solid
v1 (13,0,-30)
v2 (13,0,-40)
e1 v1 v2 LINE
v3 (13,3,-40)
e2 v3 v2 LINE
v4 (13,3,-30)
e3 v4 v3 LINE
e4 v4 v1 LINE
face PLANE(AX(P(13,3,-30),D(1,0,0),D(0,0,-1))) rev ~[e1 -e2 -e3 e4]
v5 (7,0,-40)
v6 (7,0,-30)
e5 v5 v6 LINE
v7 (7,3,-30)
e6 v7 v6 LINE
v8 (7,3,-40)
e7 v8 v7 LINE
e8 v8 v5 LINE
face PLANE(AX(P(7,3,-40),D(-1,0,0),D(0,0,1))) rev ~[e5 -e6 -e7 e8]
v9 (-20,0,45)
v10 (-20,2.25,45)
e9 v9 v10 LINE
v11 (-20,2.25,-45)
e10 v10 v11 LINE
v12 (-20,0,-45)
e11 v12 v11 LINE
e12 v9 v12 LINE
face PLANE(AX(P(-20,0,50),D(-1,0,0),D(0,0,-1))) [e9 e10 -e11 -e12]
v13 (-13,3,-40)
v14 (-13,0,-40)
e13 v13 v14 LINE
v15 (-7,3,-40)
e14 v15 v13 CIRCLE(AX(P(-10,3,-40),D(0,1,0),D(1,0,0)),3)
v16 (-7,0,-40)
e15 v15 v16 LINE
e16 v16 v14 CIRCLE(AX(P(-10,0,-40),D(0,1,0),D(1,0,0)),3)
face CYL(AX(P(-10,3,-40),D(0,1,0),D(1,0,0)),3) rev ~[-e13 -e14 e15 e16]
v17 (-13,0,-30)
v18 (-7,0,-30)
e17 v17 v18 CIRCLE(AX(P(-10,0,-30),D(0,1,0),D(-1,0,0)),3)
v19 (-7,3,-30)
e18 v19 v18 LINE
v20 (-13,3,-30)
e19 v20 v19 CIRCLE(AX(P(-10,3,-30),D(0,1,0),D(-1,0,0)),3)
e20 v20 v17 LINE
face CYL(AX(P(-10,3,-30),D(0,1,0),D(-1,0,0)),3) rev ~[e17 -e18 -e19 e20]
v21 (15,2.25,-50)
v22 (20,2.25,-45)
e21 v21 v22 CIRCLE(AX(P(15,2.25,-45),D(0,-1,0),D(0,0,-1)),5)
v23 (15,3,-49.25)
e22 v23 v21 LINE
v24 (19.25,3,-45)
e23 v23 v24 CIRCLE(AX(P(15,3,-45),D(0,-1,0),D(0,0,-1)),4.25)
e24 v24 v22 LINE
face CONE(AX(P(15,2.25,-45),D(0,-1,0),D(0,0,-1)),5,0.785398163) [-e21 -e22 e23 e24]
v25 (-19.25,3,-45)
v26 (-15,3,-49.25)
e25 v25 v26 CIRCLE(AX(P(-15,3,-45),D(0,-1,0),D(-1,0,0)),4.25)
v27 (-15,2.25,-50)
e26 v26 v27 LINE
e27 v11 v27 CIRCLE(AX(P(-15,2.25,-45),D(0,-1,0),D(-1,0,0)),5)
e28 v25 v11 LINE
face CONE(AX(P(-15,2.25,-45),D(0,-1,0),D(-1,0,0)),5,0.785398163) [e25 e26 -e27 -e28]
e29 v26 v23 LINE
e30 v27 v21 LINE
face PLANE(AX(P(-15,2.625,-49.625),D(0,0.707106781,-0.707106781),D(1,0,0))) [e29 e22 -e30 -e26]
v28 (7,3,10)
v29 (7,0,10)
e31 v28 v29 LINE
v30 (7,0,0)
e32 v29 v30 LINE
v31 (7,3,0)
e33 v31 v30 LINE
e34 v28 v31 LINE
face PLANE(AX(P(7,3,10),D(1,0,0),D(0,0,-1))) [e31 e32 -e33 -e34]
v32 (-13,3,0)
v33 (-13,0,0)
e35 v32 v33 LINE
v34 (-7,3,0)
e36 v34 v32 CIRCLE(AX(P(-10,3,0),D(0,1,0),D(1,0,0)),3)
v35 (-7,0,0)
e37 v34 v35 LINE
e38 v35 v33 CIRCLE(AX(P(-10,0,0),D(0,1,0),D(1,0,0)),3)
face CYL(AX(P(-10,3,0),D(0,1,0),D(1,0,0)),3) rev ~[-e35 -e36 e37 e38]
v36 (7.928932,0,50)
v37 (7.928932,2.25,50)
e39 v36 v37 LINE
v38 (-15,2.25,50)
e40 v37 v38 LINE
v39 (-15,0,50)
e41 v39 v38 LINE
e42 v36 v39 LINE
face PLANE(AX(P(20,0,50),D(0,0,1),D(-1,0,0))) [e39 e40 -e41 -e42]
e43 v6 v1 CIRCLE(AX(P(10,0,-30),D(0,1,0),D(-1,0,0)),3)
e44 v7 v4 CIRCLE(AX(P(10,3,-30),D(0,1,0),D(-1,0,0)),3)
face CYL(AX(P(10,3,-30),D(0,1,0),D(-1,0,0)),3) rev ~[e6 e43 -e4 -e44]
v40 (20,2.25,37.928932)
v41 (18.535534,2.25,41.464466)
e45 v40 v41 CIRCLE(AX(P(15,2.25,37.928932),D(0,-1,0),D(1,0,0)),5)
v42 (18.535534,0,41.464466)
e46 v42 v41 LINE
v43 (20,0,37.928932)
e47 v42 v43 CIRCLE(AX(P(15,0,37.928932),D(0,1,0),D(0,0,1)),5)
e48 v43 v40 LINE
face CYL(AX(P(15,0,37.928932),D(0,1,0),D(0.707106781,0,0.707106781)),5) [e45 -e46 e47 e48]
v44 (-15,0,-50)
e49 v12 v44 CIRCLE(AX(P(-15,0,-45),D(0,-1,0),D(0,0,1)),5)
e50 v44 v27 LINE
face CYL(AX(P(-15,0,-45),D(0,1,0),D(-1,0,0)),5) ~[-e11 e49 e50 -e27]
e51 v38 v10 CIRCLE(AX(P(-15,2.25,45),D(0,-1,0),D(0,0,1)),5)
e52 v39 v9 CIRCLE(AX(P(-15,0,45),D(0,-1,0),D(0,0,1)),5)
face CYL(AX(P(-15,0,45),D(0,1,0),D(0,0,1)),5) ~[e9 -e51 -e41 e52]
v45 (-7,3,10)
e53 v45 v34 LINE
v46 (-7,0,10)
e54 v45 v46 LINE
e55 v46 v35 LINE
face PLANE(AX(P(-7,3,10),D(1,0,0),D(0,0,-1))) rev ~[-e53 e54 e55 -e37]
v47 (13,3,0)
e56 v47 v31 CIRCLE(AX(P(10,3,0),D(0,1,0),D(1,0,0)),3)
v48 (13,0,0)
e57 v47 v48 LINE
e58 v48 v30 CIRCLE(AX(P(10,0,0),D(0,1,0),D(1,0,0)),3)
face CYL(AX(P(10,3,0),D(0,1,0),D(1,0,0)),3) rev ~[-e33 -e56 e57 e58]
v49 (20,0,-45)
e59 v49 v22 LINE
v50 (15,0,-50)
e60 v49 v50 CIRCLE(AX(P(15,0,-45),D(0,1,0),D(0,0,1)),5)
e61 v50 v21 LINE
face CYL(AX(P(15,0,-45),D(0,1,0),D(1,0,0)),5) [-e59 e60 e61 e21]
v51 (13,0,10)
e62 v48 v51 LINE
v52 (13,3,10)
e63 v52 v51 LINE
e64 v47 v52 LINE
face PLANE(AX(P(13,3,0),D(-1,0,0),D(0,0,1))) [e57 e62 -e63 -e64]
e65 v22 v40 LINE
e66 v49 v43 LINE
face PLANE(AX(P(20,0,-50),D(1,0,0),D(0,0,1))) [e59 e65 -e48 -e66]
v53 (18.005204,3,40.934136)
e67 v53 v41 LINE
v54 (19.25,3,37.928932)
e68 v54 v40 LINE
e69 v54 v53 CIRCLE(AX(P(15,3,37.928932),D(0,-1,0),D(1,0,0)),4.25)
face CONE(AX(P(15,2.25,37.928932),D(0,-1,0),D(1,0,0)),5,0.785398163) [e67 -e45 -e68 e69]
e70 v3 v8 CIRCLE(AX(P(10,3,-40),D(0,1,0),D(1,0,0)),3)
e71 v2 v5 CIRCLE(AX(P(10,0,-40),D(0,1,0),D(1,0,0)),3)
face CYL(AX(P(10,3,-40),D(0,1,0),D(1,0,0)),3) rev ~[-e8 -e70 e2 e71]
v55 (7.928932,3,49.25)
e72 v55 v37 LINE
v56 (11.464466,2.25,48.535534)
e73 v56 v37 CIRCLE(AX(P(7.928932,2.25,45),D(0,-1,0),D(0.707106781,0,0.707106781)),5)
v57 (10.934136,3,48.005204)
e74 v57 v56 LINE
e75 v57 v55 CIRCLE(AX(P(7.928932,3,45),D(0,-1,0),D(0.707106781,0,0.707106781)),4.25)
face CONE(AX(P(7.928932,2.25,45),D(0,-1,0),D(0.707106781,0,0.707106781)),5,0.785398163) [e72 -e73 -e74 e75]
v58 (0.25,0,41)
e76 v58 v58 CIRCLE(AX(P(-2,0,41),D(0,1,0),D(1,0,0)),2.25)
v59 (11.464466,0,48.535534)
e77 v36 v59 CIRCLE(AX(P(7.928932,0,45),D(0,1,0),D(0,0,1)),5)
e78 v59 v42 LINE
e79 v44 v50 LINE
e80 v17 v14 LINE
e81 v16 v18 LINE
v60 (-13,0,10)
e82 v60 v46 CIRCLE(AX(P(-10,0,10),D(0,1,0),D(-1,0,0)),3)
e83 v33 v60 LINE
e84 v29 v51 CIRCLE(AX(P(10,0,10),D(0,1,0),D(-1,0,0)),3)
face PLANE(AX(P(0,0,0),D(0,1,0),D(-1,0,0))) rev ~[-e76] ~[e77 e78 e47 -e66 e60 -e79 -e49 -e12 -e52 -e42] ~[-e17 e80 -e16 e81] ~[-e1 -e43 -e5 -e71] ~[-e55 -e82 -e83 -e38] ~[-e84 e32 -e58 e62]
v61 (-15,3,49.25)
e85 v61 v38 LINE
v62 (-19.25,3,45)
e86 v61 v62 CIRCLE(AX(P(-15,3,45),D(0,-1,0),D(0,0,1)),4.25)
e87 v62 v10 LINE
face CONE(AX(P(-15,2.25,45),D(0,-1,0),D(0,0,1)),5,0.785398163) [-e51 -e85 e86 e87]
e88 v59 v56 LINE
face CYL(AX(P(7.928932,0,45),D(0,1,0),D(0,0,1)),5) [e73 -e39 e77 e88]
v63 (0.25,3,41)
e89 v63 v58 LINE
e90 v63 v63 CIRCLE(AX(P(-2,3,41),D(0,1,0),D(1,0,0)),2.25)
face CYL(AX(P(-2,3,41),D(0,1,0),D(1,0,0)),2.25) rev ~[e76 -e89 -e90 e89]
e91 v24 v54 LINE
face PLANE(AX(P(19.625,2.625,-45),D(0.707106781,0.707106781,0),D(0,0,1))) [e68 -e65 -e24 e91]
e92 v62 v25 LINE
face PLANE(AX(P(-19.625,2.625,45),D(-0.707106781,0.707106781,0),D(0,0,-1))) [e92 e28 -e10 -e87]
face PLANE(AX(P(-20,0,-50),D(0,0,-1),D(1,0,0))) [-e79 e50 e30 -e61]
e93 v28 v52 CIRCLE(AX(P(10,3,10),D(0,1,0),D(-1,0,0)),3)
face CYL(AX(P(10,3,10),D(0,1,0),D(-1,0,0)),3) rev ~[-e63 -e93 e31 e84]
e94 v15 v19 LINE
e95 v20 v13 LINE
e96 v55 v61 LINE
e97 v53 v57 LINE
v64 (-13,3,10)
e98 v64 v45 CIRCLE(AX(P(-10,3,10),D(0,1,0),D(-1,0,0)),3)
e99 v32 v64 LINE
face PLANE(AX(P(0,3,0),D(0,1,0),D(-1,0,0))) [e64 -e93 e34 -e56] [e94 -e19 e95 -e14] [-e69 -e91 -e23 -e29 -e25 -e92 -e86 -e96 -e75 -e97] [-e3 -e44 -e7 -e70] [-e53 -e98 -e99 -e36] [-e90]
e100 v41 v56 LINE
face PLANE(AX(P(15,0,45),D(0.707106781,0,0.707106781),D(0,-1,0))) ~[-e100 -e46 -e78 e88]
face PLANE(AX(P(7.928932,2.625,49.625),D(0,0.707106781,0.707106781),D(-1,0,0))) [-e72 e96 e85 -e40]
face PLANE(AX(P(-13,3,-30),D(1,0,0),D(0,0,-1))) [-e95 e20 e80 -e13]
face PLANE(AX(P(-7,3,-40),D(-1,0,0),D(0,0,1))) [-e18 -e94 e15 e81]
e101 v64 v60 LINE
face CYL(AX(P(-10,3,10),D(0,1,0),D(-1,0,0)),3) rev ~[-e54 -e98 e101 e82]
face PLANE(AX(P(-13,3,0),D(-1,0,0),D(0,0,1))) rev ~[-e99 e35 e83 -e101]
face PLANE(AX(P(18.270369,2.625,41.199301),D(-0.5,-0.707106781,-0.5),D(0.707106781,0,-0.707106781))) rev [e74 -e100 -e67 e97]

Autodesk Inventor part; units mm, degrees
ref_plane "YZ Plane" through (0, 0, 0) normal (1, 0, 0) x (0, 1, 0)
ref_plane "XZ Plane" through (0, 0, 0) normal (0, 1, 0) x (-1, 0, 0)
ref_plane "XY Plane" through (0, 0, 0) normal (0, 0, 1) x (1, 0, 0)
sketch "Sketch1" plane through (0, 0, 0) normal (0, 1, 0) x (-1, 0, 0)
  line L0 (-20, 50) -> (20, 50)
  line L1 (20, 50) -> (20, -50)
  line L2 (20, -50) -> (-20, -50)
  line L3 (-20, -50) -> (-20, 50)
  line L4 (-20, 50) -> (20, -50) construction
  line L5 (20, 50) -> (-20, -50) construction
  point P0 (0, 0)
  dimension "d0" = 100
  dimension "d1" = 40
extrude "Extrusion1" add sketch "Sketch1" along normal blind 3
sketch "Sketch2" plane through (0, 3, 0) normal (0, 1, 0) x (1, 0, 0)
  line L0 (-10, -10) -> (-10, 0) construction
  line L1 (-7, -10) -> (-7, 0)
  line L2 (-13, 0) -> (-13, -10)
  arc A0 (-13, -10) -> (-7, -10) centre (-10, -10) ccw
  arc A1 (-7, 0) -> (-13, 0) centre (-10, 0) ccw
  line L3 (-32, 15) -> (32, 15) construction
  line L4 (20, 50) -> (-20, 50) projected
  line L5 (0, 82) -> (0, -72) projected
  line L6 (-10, 40) -> (-10, 30) construction
  line L7 (-7, 40) -> (-7, 30)
  line L8 (-13, 30) -> (-13, 40)
  arc A2 (-7, 40) -> (-13, 40) centre (-10, 40) ccw
  arc A3 (-13, 30) -> (-7, 30) centre (-10, 30) ccw
  line L9 (10, -10) -> (10, 0) construction
  line L10 (7, -10) -> (7, 0)
  line L11 (13, 0) -> (13, -10)
  arc A4 (7, -10) -> (13, -10) centre (10, -10) ccw
  arc A5 (13, 0) -> (7, 0) centre (10, 0) ccw
  line L12 (10, 40) -> (10, 30) construction
  line L13 (7, 40) -> (7, 30)
  line L14 (13, 30) -> (13, 40)
  arc A6 (13, 40) -> (7, 40) centre (10, 40) ccw
  arc A7 (7, 30) -> (13, 30) centre (10, 30) ccw
  point P0 (0, 0)
  point P1 (-10, -5)
  point P2 (-10, 35)
  point P3 (10, -5)
  point P4 (10, 35)
  dimension "d4" = 3
  dimension "d5" = 10
  dimension "d6" = 20
  dimension "d7" = 35
  dimension "d8" = 10
  dimension "d24" = 40
sketch "Sketch3" plane through (0, 3, 0) normal (0, 1, 0) x (1, 0, 0)
  circle A0 centre (-2, -41) radius 2.25
  line L0 (-20, -50) -> (20, -50) projected
  line L1 (20, -50) -> (20, 50) projected
  line L2 (-20, 50) -> (-20, -50) projected
  point P0 (0, 0)
  dimension "d9" = 4.5
  dimension "d10" = 9
  dimension "d16" = 18
extrude "Extrusion2" cut sketch "Sketch3" against normal blind 3
extrude "Extrusion3" cut sketch "Sketch2" against normal blind 3
chamfer "Chamfer3" distance 10 angle 45 1 edges at (20, 1.5, 50)
fillet "Fillet2" radius 5 5 edges at (20, 1.5, 40) (10, 1.5, 50) (20, 1.5, -50) (-20, 1.5, -50) (-20, 1.5, 50)
chamfer "Chamfer4" distance 0.75 angle 45 10 edges at (20, 3, -3.5355) (18.5355, 3, -48.5355) (0, 3, -50) (-18.5355, 3, -48.5355) (-20, 3, 0) (-18.5355, 3, 48.5355) (-3.5355, 3, 50) (9.8423, 3, 49.6194) (15, 3, 45) (19.6194, 3, 39.8423)
properties part number "Middle"
